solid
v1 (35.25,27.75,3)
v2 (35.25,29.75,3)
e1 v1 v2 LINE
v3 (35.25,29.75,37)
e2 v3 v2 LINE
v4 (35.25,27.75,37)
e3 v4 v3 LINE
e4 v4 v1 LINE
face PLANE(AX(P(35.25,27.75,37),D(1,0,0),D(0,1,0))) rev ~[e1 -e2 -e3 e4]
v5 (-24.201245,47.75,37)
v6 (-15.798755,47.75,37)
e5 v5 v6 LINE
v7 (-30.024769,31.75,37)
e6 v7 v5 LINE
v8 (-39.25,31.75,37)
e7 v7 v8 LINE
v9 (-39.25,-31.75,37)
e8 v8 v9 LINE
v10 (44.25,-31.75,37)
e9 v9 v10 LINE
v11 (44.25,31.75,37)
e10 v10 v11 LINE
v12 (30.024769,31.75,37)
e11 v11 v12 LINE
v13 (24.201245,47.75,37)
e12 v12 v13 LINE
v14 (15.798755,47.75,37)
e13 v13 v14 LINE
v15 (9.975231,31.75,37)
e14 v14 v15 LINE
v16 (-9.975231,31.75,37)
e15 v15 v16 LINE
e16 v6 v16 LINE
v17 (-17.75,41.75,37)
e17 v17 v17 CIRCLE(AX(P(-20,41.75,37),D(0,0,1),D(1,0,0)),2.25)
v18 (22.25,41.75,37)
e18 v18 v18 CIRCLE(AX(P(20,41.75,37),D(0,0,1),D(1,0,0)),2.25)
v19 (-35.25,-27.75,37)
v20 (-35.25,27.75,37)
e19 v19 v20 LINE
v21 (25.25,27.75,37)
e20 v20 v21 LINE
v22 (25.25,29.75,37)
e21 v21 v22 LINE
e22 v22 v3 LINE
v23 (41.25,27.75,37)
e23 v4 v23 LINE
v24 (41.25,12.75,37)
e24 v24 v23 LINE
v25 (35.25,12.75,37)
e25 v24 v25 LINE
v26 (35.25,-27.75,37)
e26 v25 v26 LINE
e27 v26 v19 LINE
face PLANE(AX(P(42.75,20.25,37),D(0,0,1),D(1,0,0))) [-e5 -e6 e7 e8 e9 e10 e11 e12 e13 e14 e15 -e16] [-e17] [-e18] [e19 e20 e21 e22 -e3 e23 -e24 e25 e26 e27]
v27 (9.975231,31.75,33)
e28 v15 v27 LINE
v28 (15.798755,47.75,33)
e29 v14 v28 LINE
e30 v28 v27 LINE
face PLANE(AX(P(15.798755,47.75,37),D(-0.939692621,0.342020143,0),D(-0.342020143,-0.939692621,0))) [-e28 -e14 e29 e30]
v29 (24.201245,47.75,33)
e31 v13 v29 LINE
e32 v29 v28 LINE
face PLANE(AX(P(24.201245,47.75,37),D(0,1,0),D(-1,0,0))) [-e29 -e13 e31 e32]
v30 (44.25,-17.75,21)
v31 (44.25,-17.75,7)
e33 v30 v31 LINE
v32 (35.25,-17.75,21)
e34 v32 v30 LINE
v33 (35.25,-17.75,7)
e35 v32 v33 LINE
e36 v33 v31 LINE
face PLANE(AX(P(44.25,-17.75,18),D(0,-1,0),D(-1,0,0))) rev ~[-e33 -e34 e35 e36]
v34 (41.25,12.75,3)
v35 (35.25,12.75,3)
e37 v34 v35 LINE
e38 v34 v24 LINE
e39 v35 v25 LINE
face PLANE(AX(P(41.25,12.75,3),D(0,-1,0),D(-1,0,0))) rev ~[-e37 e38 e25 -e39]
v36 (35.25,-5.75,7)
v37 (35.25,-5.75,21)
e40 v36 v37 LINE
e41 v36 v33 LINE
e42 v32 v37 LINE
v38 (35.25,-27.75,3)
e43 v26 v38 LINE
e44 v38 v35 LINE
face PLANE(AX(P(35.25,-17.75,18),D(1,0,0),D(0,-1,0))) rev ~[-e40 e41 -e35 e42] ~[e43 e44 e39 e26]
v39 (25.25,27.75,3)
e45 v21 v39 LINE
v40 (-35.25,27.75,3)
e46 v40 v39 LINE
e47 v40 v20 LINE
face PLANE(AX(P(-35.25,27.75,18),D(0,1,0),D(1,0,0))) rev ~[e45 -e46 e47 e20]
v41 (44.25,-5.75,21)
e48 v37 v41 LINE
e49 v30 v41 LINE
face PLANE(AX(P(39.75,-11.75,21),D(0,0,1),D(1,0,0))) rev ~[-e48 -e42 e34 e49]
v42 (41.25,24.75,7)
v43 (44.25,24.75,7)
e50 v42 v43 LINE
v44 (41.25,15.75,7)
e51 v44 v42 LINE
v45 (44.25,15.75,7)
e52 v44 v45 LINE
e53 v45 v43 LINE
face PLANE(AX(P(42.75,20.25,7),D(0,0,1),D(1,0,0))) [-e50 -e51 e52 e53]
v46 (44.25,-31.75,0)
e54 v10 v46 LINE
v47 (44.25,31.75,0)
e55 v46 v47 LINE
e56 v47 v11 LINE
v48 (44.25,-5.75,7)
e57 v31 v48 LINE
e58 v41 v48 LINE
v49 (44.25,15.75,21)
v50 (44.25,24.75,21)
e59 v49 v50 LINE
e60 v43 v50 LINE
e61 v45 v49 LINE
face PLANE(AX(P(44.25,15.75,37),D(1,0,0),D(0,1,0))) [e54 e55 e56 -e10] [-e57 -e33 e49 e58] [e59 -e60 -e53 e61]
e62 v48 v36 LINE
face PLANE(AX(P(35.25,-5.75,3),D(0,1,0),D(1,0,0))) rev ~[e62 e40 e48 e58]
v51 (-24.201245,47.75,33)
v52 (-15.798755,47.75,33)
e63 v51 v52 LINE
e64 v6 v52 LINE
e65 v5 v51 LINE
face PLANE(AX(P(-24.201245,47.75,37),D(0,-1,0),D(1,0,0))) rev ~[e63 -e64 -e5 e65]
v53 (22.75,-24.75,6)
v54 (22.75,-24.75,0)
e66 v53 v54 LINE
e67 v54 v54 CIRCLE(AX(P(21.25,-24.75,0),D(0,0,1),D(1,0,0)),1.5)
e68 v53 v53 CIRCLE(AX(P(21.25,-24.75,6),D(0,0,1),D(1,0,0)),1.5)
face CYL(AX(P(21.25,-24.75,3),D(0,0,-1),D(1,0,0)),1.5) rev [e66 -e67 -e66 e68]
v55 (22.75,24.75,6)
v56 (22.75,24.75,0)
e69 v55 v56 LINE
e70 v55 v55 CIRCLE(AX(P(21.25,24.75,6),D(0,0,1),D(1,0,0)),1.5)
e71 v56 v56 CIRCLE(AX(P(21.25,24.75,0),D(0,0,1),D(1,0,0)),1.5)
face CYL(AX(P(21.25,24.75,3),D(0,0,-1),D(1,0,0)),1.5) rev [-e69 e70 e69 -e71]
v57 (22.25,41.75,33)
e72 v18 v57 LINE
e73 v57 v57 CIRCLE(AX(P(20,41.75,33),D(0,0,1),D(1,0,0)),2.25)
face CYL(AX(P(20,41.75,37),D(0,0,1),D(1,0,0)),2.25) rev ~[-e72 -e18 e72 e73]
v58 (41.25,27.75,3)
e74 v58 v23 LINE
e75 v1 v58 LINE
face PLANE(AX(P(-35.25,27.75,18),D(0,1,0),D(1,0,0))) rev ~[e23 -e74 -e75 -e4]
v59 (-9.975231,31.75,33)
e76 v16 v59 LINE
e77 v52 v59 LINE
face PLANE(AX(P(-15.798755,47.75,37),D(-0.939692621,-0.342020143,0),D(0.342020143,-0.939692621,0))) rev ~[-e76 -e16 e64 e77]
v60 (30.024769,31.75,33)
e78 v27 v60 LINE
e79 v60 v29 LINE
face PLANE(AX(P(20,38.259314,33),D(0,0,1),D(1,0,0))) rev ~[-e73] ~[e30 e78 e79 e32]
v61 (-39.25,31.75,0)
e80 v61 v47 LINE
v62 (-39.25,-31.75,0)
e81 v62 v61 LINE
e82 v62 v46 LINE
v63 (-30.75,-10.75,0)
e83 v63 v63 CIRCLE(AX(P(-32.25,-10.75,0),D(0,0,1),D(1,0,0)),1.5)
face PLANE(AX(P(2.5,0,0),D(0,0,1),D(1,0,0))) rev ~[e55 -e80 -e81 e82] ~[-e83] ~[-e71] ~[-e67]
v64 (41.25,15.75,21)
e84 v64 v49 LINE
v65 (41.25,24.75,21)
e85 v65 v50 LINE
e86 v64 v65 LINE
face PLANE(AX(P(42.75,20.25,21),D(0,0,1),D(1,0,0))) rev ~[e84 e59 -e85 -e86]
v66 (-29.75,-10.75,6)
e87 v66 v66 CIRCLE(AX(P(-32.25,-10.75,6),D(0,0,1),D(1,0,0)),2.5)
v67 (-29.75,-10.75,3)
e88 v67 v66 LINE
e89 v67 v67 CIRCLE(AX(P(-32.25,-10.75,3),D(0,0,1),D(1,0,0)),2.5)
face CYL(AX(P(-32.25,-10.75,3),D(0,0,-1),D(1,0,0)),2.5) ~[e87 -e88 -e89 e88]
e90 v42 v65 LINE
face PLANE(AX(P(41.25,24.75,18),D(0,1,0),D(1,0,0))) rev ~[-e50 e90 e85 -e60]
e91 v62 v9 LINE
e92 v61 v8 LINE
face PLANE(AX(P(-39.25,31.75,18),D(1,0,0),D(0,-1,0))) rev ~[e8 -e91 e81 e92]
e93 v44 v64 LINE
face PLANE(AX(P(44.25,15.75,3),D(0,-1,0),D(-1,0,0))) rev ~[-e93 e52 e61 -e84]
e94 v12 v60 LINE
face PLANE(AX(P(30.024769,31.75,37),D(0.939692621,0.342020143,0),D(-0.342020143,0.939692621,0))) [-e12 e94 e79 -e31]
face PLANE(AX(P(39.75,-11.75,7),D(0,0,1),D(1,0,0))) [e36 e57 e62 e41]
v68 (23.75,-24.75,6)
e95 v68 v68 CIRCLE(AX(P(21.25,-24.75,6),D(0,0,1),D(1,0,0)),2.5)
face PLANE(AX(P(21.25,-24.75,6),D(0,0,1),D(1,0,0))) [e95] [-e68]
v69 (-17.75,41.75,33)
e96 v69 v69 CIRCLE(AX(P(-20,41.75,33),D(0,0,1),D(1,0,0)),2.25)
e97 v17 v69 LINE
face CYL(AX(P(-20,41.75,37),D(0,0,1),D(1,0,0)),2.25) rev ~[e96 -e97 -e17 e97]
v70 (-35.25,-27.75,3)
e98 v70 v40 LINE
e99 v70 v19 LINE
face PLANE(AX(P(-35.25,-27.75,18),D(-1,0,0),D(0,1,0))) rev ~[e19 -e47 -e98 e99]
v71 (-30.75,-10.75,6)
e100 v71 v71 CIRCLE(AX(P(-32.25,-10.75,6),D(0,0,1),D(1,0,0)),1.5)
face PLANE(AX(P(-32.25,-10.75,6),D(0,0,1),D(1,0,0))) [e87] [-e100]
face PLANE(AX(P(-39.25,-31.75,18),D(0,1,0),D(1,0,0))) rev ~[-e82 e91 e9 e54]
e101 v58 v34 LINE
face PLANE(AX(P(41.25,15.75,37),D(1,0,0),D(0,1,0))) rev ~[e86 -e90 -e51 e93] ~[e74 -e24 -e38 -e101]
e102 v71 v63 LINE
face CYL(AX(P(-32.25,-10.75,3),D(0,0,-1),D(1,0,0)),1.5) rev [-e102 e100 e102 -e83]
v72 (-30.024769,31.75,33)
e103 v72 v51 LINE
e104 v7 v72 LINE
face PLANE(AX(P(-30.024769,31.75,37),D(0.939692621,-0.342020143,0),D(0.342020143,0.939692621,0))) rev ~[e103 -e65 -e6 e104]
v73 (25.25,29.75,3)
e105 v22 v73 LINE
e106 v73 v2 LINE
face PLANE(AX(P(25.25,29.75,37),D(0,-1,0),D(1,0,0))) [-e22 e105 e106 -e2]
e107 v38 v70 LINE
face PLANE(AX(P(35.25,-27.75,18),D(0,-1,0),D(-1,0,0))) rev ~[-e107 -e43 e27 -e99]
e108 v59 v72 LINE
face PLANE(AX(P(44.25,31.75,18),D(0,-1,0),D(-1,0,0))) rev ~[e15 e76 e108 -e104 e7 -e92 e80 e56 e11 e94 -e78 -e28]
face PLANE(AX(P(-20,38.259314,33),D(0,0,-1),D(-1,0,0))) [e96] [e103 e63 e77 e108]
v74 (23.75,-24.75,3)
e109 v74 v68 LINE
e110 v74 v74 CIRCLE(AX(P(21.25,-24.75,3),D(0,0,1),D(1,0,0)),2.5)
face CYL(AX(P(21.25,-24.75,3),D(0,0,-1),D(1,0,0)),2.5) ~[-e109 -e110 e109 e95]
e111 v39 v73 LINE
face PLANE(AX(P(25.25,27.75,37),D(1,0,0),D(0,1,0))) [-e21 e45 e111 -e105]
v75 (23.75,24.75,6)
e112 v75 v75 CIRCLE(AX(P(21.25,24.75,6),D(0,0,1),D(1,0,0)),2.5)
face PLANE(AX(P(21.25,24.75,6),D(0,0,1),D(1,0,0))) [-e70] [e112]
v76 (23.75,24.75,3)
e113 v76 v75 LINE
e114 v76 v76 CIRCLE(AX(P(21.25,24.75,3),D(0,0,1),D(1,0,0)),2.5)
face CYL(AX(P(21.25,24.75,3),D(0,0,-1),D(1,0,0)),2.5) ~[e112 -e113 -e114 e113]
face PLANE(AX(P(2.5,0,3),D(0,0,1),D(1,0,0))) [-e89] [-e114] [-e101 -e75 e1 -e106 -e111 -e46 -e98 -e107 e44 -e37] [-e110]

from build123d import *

# Parameters (mm, degrees)
SKETCH_1_W          = 83.5
SKETCH_1_H          = 63.5
SKETCH_1_R          = 1.5
EXTRUDE_1_DEPTH     = 3
EXTRUDE_START       = 3
EXTRUDE_2_DEPTH     = 15
EXTRUDE_START_2     = 18
EXTRUDE_3_DEPTH     = 19
SKETCH_1_5_W        = 3
SKETCH_1_5_H        = 9
EXTRUDE_6_DEPTH     = 4
SKETCH_6_R          = 2.25
EXTRUDE_7_DEPTH     = 4
SKETCH_7_W          = 3
SKETCH_7_H          = 9
SKETCH_7_W_2        = 9
SKETCH_7_H_2        = 12
EXTRUDE_8_DEPTH     = 16
SKETCH_8_W          = 10
SKETCH_8_H          = 2
CUT_EXTRUDE_1_DEPTH = 34
SKETCH_9_R          = 2.5
SKETCH_9_R_2        = 1.5
EXTRUDE_17_DEPTH    = 3


with BuildPart() as part:
    # 草图1 → 凸台-拉伸1 (new body)
    with BuildSketch(Plane.XY):
        with Locations((2.5, 0)):
            Rectangle(SKETCH_1_W, SKETCH_1_H)
        with Locations((21.25, -24.75)):
            Circle(SKETCH_1_R, mode=Mode.SUBTRACT)
        with Locations((21.25, 24.75)):
            Circle(SKETCH_1_R, mode=Mode.SUBTRACT)
        with Locations((-32.25, -10.75)):
            Circle(SKETCH_1_R, mode=Mode.SUBTRACT)
    extrude(amount=EXTRUDE_1_DEPTH)

    # 草图1<3> → 凸台-拉伸2 (add)
    with BuildSketch(Plane.XY.offset(EXTRUDE_START)):
        Polygon((35.25, -27.75), (-35.25, -27.75), (-35.25, 27.75), (41.25, 27.75), (41.25, 24.75), (44.25, 24.75), (44.25, 31.75), (-39.25, 31.75), (-39.25, -31.75), (44.25, -31.75), (44.25, -17.75), (35.25, -17.75), align=None)
        Polygon((35.25, 12.75), (35.25, -5.75), (44.25, -5.75), (44.25, 15.75), (41.25, 15.75), (41.25, 12.75), align=None)
    extrude(amount=EXTRUDE_2_DEPTH)

    # 草图1<4> → 凸台-拉伸3 (add)
    with BuildSketch(Plane.XY.offset(EXTRUDE_START_2)):
        Polygon((35.25, -27.75), (-35.25, -27.75), (-35.25, 27.75), (41.25, 27.75), (41.25, 24.75), (44.25, 24.75), (44.25, 31.75), (-39.25, 31.75), (-39.25, -31.75), (44.25, -31.75), (44.25, -17.75), (35.25, -17.75), align=None)
        Polygon((35.25, 12.75), (35.25, -5.75), (44.25, -5.75), (44.25, 15.75), (41.25, 15.75), (41.25, 12.75), align=None)
    extrude(amount=EXTRUDE_3_DEPTH)

    # 草图1<5> → 凸台-拉伸6 (add)
    with BuildSketch(Plane.XY.offset(EXTRUDE_START)):
        with Locations((42.75, 20.25)):
            Rectangle(SKETCH_1_5_W, SKETCH_1_5_H)
        Polygon((35.25, -5.75), (35.25, -17.75), (41.25, -17.75), (44.25, -17.75), (44.25, -5.75), (41.25, -5.75), align=None)
    extrude(amount=EXTRUDE_6_DEPTH)

    # 草图6 → 凸台-拉伸7 (add)
    # profile 1 of 2: a face of its own
    with BuildSketch(Plane.XY.offset(37)):
        Polygon((30.024768978, 31.75), (24.201245229, 47.75), (15.798754771, 47.75), (9.975231022, 31.75), align=None)
        with Locations((20, 41.75)):
            Circle(SKETCH_6_R, mode=Mode.SUBTRACT)
    # profile 2 of 2: a face of its own
    with BuildSketch(Plane.XY.offset(37)):
        Polygon((-24.201245229, 47.75), (-15.798754771, 47.75), (-9.975231022, 31.75), (-30.024768978, 31.75), align=None)
        with Locations((-20, 41.75)):
            Circle(SKETCH_6_R, mode=Mode.SUBTRACT)
    extrude(amount=-EXTRUDE_7_DEPTH)

    # 草图7 → 凸台-拉伸8 (add)
    with BuildSketch(Plane.XY.offset(37)):
        with Locations((42.75, 20.25)):
            Rectangle(SKETCH_7_W, SKETCH_7_H)
        with Locations((39.75, -11.75)):
            Rectangle(SKETCH_7_W_2, SKETCH_7_H_2)
    extrude(amount=-EXTRUDE_8_DEPTH)

    # 草图8 → 切除-拉伸1 (cut)
    with BuildSketch(Plane.XY.offset(37)):
        with Locations((30.25, 28.75)):
            Rectangle(SKETCH_8_W, SKETCH_8_H)
    extrude(amount=-CUT_EXTRUDE_1_DEPTH, mode=Mode.SUBTRACT)

    # 草图9 → 凸台-拉伸17 (add)
    # profile 1 of 3: a face of its own
    with BuildSketch(Plane.XY.offset(3)):
        with Locations((-32.25, -10.75)):
            Circle(SKETCH_9_R)
        with Locations((-32.25, -10.75)):
            Circle(SKETCH_9_R_2, mode=Mode.SUBTRACT)
    # profile 2 of 3: a face of its own
    with BuildSketch(Plane.XY.offset(3)):
        with Locations((21.25, 24.75)):
            Circle(SKETCH_9_R)
        with Locations((21.25, 24.75)):
            Circle(SKETCH_9_R_2, mode=Mode.SUBTRACT)
    # profile 3 of 3: a face of its own
    with BuildSketch(Plane.XY.offset(3)):
        with Locations((21.25, -24.75)):
            Circle(SKETCH_9_R)
        with Locations((21.25, -24.75)):
            Circle(SKETCH_9_R_2, mode=Mode.SUBTRACT)
    extrude(amount=EXTRUDE_17_DEPTH)


solid = part.part
